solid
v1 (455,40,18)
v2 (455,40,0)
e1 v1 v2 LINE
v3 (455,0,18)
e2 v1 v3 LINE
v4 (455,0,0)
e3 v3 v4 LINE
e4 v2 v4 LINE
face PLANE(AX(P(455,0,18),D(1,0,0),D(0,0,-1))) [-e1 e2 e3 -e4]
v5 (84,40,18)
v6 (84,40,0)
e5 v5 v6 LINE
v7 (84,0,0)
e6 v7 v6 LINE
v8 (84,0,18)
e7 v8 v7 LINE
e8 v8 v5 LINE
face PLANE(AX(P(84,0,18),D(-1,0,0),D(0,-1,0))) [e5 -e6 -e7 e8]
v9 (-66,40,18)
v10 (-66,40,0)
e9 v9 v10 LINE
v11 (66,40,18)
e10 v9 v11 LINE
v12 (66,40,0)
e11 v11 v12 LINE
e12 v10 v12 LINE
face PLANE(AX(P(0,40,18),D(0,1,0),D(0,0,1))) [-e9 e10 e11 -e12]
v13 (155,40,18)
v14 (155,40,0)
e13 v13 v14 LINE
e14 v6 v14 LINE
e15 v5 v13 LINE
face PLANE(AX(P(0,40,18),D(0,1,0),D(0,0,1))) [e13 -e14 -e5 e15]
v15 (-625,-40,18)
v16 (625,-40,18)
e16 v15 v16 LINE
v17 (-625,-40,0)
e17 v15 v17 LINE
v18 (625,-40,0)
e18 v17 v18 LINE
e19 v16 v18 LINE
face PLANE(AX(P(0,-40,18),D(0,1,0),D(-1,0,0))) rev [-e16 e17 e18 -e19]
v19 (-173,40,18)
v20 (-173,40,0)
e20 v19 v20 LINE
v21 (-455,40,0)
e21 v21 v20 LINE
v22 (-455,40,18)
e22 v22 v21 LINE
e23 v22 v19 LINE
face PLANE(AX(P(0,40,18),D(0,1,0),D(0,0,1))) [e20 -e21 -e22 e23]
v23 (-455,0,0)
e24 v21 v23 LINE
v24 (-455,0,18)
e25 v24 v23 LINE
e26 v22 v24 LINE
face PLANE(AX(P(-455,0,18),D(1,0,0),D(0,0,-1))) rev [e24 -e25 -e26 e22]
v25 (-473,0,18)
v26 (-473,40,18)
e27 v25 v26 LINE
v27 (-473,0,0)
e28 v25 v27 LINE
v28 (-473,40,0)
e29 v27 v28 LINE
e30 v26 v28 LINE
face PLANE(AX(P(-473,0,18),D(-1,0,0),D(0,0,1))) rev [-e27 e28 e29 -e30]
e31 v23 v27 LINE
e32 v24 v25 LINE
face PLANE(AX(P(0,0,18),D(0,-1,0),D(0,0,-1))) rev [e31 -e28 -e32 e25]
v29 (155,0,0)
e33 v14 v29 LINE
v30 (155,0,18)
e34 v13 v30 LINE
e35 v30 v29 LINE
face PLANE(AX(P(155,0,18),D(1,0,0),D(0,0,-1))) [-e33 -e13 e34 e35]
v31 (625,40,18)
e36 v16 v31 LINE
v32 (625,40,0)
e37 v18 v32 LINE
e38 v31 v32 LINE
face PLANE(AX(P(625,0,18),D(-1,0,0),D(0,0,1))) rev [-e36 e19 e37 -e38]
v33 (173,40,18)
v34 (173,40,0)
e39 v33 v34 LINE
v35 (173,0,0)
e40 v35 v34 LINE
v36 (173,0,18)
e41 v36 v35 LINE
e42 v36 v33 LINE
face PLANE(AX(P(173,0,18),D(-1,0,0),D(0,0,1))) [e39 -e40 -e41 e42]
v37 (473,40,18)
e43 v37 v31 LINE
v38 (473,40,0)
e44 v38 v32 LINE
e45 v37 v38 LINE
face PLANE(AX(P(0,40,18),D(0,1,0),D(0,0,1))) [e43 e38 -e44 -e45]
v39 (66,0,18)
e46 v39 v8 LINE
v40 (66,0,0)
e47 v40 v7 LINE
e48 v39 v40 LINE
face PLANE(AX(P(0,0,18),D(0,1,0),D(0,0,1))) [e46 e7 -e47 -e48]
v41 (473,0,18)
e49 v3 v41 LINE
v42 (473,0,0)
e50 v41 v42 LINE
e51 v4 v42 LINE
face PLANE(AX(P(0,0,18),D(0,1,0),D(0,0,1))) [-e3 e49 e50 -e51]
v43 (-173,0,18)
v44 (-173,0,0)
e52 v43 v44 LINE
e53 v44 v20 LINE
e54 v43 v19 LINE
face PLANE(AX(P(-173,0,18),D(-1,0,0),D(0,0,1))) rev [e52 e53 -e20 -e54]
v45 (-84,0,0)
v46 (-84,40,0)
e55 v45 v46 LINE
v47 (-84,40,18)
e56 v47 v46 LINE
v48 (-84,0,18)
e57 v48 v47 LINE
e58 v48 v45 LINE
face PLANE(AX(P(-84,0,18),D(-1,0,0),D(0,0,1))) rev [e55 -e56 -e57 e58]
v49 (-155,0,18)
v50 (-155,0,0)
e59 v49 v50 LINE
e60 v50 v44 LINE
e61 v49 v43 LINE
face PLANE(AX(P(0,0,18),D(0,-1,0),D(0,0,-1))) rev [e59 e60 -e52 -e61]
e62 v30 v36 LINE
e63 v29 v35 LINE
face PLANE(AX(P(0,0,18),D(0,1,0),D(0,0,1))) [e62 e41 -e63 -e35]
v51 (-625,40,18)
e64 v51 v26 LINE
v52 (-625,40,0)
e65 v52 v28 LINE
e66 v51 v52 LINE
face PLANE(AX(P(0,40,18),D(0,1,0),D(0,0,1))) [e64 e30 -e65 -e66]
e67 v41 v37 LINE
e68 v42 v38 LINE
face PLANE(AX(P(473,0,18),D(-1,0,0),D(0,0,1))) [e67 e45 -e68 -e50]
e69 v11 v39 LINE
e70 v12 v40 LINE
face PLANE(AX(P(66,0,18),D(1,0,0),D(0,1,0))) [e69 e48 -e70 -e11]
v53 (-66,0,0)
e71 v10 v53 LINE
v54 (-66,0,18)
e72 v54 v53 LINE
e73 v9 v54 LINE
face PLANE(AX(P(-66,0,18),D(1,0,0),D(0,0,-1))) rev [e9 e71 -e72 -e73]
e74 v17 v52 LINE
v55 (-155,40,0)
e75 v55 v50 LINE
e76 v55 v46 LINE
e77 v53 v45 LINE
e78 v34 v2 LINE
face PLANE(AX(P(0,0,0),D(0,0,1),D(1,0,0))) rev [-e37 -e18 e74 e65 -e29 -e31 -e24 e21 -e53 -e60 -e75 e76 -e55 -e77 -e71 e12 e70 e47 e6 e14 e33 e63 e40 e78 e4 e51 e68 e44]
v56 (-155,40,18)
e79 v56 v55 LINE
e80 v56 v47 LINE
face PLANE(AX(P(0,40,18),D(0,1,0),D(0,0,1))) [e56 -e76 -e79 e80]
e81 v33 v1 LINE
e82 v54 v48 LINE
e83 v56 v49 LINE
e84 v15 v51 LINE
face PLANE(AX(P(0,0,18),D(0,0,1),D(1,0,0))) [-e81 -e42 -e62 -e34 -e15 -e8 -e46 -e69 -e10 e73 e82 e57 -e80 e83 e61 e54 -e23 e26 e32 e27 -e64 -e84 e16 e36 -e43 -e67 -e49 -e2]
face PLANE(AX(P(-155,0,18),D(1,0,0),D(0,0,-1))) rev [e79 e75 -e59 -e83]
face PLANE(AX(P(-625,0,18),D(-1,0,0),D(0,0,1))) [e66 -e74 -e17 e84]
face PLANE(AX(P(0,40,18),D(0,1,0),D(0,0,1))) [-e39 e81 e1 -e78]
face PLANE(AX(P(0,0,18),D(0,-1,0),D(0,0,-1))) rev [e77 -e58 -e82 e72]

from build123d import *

# Parameters (mm, degrees)
BOSS_EXTRUDE1_DEPTH = 18


with BuildPart() as part:
    # Sketch1 → Boss-Extrude1 (new body)
    with BuildSketch(Plane.XY):
        Polygon((-625, 40), (-625, -40), (625, -40), (625, 40), (473, 40), (473, 0), (455, 0), (455, 40), (173, 40), (173, 0), (155, 0), (155, 40), (84, 40), (84, 0), (66, 0), (66, 40), (-66, 40), (-66, 0), (-84, 0), (-84, 40), (-155, 40), (-155, 0), (-173, 0), (-173, 40), (-455, 40), (-455, 0), (-473, 0), (-473, 40), align=None)
    extrude(amount=BOSS_EXTRUDE1_DEPTH)


solid = part.part
